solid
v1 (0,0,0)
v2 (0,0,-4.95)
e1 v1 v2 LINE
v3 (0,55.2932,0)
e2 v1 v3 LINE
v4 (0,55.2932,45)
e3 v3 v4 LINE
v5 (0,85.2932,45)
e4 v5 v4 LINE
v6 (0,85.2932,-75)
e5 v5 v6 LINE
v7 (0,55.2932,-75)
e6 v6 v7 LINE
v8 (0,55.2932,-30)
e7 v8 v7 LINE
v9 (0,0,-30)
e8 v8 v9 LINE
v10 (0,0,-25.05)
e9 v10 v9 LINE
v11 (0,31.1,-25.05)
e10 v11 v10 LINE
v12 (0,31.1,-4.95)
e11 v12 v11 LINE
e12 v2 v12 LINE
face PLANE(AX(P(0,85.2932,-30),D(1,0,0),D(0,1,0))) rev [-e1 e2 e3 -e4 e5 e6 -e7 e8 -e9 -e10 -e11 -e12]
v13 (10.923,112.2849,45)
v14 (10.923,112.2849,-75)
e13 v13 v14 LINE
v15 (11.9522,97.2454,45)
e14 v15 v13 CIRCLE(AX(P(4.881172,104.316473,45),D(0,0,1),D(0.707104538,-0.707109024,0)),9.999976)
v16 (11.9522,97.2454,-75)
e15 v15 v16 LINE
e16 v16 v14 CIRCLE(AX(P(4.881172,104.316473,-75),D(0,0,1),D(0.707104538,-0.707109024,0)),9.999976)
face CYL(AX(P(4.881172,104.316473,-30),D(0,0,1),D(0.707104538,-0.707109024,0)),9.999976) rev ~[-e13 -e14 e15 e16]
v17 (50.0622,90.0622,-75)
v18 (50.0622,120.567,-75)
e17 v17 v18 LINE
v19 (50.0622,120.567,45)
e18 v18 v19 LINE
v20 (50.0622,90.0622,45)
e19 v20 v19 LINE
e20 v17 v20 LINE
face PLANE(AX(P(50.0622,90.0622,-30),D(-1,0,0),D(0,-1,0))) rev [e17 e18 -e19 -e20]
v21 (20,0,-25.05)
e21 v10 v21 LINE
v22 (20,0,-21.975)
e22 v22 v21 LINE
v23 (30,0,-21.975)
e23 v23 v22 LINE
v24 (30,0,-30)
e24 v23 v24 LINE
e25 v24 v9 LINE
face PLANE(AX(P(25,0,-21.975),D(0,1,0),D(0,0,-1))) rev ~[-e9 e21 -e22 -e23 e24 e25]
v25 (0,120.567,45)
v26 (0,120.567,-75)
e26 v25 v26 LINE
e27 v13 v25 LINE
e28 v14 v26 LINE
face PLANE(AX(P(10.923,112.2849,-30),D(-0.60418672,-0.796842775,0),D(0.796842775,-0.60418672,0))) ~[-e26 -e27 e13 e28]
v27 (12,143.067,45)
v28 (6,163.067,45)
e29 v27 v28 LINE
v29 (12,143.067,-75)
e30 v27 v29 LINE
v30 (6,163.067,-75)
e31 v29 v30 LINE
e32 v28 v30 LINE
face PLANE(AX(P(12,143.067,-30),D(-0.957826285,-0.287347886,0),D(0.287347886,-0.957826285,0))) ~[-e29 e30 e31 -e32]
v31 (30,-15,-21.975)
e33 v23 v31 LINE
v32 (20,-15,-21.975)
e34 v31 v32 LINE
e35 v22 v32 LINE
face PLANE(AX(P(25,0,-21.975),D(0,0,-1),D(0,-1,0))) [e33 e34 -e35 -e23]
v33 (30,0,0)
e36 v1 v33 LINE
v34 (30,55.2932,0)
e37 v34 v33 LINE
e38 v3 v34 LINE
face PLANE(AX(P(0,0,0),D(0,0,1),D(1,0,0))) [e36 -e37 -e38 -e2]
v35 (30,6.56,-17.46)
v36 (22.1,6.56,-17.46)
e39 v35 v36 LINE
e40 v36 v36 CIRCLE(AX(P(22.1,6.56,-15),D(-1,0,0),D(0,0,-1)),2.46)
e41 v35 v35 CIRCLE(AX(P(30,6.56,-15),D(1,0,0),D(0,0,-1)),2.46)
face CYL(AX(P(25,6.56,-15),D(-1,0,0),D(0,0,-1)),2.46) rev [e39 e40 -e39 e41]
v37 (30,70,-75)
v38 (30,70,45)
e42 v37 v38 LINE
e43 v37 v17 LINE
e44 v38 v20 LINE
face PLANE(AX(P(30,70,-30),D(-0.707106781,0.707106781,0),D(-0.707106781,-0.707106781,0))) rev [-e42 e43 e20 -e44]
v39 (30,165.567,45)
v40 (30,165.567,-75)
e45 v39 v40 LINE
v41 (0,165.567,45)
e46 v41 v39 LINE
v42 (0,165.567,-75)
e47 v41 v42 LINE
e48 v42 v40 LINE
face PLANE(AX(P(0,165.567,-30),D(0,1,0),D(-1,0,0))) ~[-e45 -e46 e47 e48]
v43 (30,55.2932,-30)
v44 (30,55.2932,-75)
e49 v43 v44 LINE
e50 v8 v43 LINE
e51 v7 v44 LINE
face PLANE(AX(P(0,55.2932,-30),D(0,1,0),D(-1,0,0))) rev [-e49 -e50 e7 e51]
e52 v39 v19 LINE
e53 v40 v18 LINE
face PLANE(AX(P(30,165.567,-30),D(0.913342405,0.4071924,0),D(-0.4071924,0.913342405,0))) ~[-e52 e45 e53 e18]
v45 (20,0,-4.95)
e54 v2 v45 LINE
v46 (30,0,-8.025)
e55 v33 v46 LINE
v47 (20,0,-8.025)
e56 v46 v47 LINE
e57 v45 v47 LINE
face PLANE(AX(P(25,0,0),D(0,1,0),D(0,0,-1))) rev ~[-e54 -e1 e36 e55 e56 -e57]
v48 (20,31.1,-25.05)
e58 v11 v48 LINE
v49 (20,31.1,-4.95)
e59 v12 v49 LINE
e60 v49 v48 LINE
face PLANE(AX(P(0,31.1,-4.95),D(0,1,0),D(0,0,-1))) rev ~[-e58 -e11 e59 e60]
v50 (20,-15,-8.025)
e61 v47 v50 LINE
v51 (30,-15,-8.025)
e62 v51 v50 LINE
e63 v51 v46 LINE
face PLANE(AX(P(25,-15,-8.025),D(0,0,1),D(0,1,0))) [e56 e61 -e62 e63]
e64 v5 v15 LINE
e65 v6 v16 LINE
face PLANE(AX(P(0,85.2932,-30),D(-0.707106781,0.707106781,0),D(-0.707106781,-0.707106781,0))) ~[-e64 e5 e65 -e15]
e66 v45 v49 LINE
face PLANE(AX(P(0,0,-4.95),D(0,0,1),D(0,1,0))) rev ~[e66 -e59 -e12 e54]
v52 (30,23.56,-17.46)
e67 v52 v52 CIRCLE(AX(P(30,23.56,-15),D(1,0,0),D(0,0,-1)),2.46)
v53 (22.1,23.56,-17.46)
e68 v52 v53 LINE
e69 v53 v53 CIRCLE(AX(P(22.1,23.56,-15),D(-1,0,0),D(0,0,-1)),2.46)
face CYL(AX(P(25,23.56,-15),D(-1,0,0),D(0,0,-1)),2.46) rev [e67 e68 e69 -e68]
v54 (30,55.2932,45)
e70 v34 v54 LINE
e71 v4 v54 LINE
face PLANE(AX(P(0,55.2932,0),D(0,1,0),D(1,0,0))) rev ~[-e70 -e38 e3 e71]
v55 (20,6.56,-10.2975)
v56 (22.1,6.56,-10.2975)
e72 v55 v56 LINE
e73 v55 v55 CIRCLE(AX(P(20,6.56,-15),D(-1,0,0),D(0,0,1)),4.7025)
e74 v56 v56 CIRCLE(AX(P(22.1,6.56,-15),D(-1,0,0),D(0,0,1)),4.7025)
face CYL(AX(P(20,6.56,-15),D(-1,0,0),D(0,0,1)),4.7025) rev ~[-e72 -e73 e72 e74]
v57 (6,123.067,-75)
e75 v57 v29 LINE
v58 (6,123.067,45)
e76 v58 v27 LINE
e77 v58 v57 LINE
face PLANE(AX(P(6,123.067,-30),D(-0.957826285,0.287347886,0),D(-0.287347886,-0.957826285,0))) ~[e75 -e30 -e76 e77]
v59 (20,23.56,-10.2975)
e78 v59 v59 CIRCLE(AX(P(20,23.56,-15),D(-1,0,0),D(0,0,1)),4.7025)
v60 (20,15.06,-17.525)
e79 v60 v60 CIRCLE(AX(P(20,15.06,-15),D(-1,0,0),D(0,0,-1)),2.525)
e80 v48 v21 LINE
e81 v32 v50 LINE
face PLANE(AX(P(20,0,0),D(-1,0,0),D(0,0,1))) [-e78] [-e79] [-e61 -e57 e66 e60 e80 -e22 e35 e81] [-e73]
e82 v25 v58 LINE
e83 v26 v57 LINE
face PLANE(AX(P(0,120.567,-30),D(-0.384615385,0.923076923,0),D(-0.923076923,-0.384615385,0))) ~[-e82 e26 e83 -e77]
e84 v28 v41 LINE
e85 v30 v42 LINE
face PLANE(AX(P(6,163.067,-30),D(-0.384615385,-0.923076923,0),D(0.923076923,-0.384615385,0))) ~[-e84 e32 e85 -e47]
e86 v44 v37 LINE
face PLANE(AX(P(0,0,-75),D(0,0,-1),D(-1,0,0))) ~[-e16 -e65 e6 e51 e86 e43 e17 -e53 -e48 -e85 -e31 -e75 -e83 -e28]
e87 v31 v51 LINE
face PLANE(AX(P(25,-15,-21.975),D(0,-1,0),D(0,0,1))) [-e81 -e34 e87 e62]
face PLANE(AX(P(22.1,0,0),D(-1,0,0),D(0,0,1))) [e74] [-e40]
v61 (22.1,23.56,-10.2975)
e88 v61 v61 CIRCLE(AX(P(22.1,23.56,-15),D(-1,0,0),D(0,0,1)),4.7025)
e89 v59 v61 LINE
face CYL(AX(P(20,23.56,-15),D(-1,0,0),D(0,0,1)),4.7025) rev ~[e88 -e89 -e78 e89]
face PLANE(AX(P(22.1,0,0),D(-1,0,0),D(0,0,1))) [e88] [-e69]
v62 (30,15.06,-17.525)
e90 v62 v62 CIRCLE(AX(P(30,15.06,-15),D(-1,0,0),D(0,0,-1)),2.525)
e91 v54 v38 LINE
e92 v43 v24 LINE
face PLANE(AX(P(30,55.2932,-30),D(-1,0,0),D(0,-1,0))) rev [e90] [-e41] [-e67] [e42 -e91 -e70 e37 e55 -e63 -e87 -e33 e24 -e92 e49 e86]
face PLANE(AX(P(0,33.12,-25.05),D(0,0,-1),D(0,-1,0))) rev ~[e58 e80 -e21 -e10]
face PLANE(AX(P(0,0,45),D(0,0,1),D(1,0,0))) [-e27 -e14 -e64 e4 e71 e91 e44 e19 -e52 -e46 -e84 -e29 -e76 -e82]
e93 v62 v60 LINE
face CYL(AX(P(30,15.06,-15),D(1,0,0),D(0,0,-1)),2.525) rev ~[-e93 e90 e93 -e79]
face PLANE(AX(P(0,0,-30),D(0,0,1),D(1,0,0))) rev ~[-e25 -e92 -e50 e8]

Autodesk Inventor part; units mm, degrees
ref_plane "YZ Plane" through (0, 0, 0) normal (1, 0, 0) x (0, 1, 0)
ref_plane "XZ Plane" through (0, 0, 0) normal (0, 1, 0) x (-1, 0, 0)
sketch "Sketch1" plane through (0, 0, 0) normal (0, 0, 1) x (1, 0, 0)
  line L0 (0, 0) -> (25, 0)
  line L1 (25, 0) -> (25, 40)
  line L2 (25, 40) -> (0, 40)
  line L3 (0, 40) -> (0, 0)
  dimension "d1" = 25
  dimension "d2" = 40
  dimension "d3" = 25
extrude "Extrusion1" add sketch "Sketch1" against normal blind 30
sketch "Sketch2" plane through (25, 0, 0) normal (1, 0, 0) x (0, 0, -1)
  line L0 (0, 0) -> (30, 0) projected
  circle A0 centre (15, 6.56) radius 2.46
extrude "Extrusion2" cut sketch "Sketch2" against normal blind 30
sketch "Sketch3" plane through (0, 0, 0) normal (-1, 0, 0) x (0, 0, 1)
  line L0 (0, 0) -> (-30, 0) projected
  line L1 (-25.05, 0) -> (-4.95, 0)
  line L2 (-4.95, 0) -> (-4.95, 33.12)
  line L3 (-4.95, 33.12) -> (-25.05, 33.12)
  line L4 (-25.05, 33.12) -> (-25.05, 0)
  dimension "d11" = 20.1
extrude "Extrusion3" cut sketch "Sketch3" against normal blind 20
sketch "Sketch4" plane through (0, 0, 0) normal (0, -1, 0) x (1, 0, 0)
  line L0 (20, -4.95) -> (20, -25.05) projected
  line L1 (20, -15) -> (25, -15)
  line L2 (25, 0) -> (25, -30) projected
  line L3 (20, -8.025) -> (25, -8.025)
  line L4 (25, -8.025) -> (25, -21.975)
  line L5 (25, -21.975) -> (20, -21.975)
  line L6 (20, -21.975) -> (20, -8.025)
  line L7 (20, -8.025) -> (25, -21.975) construction
  line L8 (25, -8.025) -> (20, -21.975) construction
  line L9 (25, -12.54) -> (25, -17.46) projected
  point P0 (0, 0)
  point P1 (22.5, -15)
  dimension "d14" = 13.95
extrude "Extrusion4" add sketch "Sketch4" along normal blind 15
sketch "Sketch5" plane through (20, 0, 0) normal (-1, 0, 0) x (0, 0, 1)
  circle A0 centre (-15, 6.56) radius 2.46 projected
  circle A1 centre (-15, 6.56) radius 4.7025
  circle A2 centre (-15, 6.56) radius 2.46 projected
  circle A3 centre (-15, 6.56) radius 2.46
  point P0 (0, 0)
  dimension "d17" = 9.405
extrude "Extrusion5" cut sketch "Sketch5" against normal blind 2.1
sketch "Sketch6" plane through (25, 0, 0) normal (1, 0, 0) x (0, 0, -1)
  circle A0 centre (15, 6.56) radius 4.7025 projected
  line L0 (15, 6.56) -> (15, 23.56)
  circle A1 centre (15, 23.56) radius 2.46
  point P0 (0, 0)
  dimension "d20" = 17
  dimension "d21" = 4.92
extrude "Extrusion6" cut sketch "Sketch6" against normal blind 10 contours A1
sketch "Sketch7" plane through (20, 0, 0) normal (-1, 0, 0) x (0, 0, 1)
  circle A0 centre (-15, 23.56) radius 2.46 projected
  circle A1 centre (-15, 23.56) radius 4.7025
  point P0 (0, 0)
  dimension "d24" = 9.405
extrude "Extrusion7" cut sketch "Sketch7" against normal blind 2.1
sketch "Sketch9" plane through (25, 0, 0) normal (1, 0, 0) x (0, 0, -1)
  circle A0 centre (15, 6.56) radius 2.46 projected
  circle A1 centre (15, 6.56) radius 2.46
  circle A2 centre (15, 23.56) radius 2.46 projected
  circle A3 centre (15, 23.56) radius 2.46
  line L0 (30, 40) -> (30, 0) projected
  line L1 (30, 0) -> (30, 40)
  line L2 (30, 40) -> (0, 40)
  line L3 (0, 40) -> (0, 0)
  line L4 (0, 0) -> (8.025, 0) projected
  line L5 (21.975, 0) -> (21.975, -15)
  line L6 (21.975, -15) -> (8.025, -15)
  line L7 (8.025, -15) -> (8.025, 0)
  line L8 (0, 0) -> (8.025, 0)
  line L9 (21.975, 0) -> (30, 0)
extrude "Extrusion8" add sketch "Sketch9" along normal blind 5
sketch "Sketch10" plane through (0, 40, 0) normal (0, 1, 0) x (1, 0, 0)
  line L0 (0, 30) -> (30, 30) projected
  line L1 (30, 0) -> (0, 0) projected
  line L2 (0, 30) -> (30, 30)
  line L3 (30, 30) -> (30, 0)
  line L4 (30, 0) -> (0, 0)
  line L5 (0, 0) -> (0, 30)
extrude "Extrusion9" add sketch "Sketch10" along normal blind 30
sketch "Sketch12" plane through (30, 0, 0) normal (1, 0, 0) x (0, 0, -1)
  circle A0 centre (15, 6.56) radius 2.46 projected
  line L0 (15, 6.56) -> (15, 15.06)
  circle A1 centre (15, 15.06) radius 2.525
  point P0 (0, 0)
  dimension "d31" = 8.5
  dimension "d33" = 5.05
extrude "Extrusion10" cut sketch "Sketch12" against normal blind 30 contours A1
sketch "Sketch15" plane through (0, 0, -25.05) normal (-1, 0, 0) x (0, 0, 1)
  line L0 (0, 33.12) -> (20.1, 33.12) projected
  line L1 (20.1, 33.12) -> (20.1, 0) projected
  line L2 (0, 33.12) -> (20.1, 33.12)
  line L3 (20.1, 33.12) -> (20.1, 31.1)
  line L4 (20.1, 31.1) -> (0, 31.1)
  line L5 (0, 31.1) -> (0, 33.12)
  point P0 (25.05, 0)
  dimension "d57" = 2.02
extrude "Extrusion13" add sketch "Sketch15" against normal blind 20
sketch "Sketch17" plane through (0, 0, 0) normal (0, 0, 1) x (1, 0, 0)
  line L0 (0, 70) -> (30, 70) projected
  line L1 (30, 70) -> (50.0622, 90.0622)
  line L2 (30, 70) -> (80, 70) construction
  line L3 (11.9522, 97.2454) -> (0, 85.2932)
  line L4 (0, 70) -> (0, 85.2932)
  line L5 (0, 70) -> (0, 0) projected
  line L6 (0, 70) -> (30, 70)
  line L7 (10.923, 112.2849) -> (0, 120.567)
  line L8 (50.0622, 105.3553) -> (50.0622, 120.567)
  line L9 (50.0622, 105.3553) -> (50.0622, 90.0622)
  arc A0 (11.9522, 97.2454) -> (10.923, 112.2849) centre (4.8811, 104.3165) ccw
  line L10 (0, 165.567) -> (30, 165.567)
  line L11 (30, 165.567) -> (50.0622, 120.567)
  line L12 (6, 163.067) -> (0, 165.567)
  line L13 (6, 123.067) -> (0, 120.567)
  line L14 (6, 123.067) -> (12, 143.067)
  line L15 (12, 143.067) -> (6, 163.067)
  dimension "d61" = 45
  dimension "d62" = 32.0271
  dimension "d72" = 10
extrude "Extrusion14" add sketch "Sketch17" against normal blind 30
sketch "Sketch24" plane through (0, 0, 0) normal (0, 0, 1) x (1, 0, 0)
  line L0 (30, 70) -> (50.0622, 90.0622) projected
  line L1 (30, 70) -> (50.0622, 90.0622)
  line L2 (50.0622, 90.0622) -> (50.0622, 120.567) projected
  line L3 (50.0622, 90.0622) -> (50.0622, 120.567)
  line L4 (30, 165.567) -> (50.0622, 120.567) projected
  line L5 (50.0622, 120.567) -> (30, 165.567)
  line L6 (0, 165.567) -> (30, 165.567) projected
  line L7 (30, 165.567) -> (0, 165.567)
  line L8 (6, 163.067) -> (0, 165.567) projected
  line L9 (0, 165.567) -> (6, 163.067)
  line L10 (12, 143.067) -> (6, 163.067) projected
  line L11 (6, 163.067) -> (12, 143.067)
  line L12 (6, 123.067) -> (12, 143.067) projected
  line L13 (12, 143.067) -> (6, 123.067)
  line L14 (0, 120.567) -> (6, 123.067) projected
  line L15 (6, 123.067) -> (0, 120.567)
  line L16 (10.923, 112.2849) -> (0, 120.567) projected
  line L17 (0, 120.567) -> (10.923, 112.2849)
  line L18 (0, 85.2932) -> (11.9522, 97.2454) projected
  line L19 (11.9522, 97.2454) -> (0, 85.2932)
  line L20 (0, 85.2932) -> (0, 55.2932)
  line L21 (0, 0) -> (0, 85.2932) projected
  line L22 (0, 55.2932) -> (30, 55.2932)
  line L23 (30, 0) -> (30, 70) projected
  line L24 (30, 55.2932) -> (30, 70)
  arc A0 (11.9522, 97.2454) -> (10.923, 112.2849) centre (4.8811, 104.3165) ccw projected
  arc A1 (11.9522, 97.2454) -> (10.923, 112.2849) centre (4.8811, 104.3165) ccw
  dimension "d102" = 30
extrude "Extrusion15" add sketch "Sketch24" along normal blind 45
ref_plane "Work Plane1" through (0, 0, -15) normal (0, 0, 1) x (1, 0, 0)
mirror "Mirror1" about plane through (0, 0, -15) normal (0, 0, 1) of "Extrusion15"
properties part number "rec_c_40mm_x_120mm"
